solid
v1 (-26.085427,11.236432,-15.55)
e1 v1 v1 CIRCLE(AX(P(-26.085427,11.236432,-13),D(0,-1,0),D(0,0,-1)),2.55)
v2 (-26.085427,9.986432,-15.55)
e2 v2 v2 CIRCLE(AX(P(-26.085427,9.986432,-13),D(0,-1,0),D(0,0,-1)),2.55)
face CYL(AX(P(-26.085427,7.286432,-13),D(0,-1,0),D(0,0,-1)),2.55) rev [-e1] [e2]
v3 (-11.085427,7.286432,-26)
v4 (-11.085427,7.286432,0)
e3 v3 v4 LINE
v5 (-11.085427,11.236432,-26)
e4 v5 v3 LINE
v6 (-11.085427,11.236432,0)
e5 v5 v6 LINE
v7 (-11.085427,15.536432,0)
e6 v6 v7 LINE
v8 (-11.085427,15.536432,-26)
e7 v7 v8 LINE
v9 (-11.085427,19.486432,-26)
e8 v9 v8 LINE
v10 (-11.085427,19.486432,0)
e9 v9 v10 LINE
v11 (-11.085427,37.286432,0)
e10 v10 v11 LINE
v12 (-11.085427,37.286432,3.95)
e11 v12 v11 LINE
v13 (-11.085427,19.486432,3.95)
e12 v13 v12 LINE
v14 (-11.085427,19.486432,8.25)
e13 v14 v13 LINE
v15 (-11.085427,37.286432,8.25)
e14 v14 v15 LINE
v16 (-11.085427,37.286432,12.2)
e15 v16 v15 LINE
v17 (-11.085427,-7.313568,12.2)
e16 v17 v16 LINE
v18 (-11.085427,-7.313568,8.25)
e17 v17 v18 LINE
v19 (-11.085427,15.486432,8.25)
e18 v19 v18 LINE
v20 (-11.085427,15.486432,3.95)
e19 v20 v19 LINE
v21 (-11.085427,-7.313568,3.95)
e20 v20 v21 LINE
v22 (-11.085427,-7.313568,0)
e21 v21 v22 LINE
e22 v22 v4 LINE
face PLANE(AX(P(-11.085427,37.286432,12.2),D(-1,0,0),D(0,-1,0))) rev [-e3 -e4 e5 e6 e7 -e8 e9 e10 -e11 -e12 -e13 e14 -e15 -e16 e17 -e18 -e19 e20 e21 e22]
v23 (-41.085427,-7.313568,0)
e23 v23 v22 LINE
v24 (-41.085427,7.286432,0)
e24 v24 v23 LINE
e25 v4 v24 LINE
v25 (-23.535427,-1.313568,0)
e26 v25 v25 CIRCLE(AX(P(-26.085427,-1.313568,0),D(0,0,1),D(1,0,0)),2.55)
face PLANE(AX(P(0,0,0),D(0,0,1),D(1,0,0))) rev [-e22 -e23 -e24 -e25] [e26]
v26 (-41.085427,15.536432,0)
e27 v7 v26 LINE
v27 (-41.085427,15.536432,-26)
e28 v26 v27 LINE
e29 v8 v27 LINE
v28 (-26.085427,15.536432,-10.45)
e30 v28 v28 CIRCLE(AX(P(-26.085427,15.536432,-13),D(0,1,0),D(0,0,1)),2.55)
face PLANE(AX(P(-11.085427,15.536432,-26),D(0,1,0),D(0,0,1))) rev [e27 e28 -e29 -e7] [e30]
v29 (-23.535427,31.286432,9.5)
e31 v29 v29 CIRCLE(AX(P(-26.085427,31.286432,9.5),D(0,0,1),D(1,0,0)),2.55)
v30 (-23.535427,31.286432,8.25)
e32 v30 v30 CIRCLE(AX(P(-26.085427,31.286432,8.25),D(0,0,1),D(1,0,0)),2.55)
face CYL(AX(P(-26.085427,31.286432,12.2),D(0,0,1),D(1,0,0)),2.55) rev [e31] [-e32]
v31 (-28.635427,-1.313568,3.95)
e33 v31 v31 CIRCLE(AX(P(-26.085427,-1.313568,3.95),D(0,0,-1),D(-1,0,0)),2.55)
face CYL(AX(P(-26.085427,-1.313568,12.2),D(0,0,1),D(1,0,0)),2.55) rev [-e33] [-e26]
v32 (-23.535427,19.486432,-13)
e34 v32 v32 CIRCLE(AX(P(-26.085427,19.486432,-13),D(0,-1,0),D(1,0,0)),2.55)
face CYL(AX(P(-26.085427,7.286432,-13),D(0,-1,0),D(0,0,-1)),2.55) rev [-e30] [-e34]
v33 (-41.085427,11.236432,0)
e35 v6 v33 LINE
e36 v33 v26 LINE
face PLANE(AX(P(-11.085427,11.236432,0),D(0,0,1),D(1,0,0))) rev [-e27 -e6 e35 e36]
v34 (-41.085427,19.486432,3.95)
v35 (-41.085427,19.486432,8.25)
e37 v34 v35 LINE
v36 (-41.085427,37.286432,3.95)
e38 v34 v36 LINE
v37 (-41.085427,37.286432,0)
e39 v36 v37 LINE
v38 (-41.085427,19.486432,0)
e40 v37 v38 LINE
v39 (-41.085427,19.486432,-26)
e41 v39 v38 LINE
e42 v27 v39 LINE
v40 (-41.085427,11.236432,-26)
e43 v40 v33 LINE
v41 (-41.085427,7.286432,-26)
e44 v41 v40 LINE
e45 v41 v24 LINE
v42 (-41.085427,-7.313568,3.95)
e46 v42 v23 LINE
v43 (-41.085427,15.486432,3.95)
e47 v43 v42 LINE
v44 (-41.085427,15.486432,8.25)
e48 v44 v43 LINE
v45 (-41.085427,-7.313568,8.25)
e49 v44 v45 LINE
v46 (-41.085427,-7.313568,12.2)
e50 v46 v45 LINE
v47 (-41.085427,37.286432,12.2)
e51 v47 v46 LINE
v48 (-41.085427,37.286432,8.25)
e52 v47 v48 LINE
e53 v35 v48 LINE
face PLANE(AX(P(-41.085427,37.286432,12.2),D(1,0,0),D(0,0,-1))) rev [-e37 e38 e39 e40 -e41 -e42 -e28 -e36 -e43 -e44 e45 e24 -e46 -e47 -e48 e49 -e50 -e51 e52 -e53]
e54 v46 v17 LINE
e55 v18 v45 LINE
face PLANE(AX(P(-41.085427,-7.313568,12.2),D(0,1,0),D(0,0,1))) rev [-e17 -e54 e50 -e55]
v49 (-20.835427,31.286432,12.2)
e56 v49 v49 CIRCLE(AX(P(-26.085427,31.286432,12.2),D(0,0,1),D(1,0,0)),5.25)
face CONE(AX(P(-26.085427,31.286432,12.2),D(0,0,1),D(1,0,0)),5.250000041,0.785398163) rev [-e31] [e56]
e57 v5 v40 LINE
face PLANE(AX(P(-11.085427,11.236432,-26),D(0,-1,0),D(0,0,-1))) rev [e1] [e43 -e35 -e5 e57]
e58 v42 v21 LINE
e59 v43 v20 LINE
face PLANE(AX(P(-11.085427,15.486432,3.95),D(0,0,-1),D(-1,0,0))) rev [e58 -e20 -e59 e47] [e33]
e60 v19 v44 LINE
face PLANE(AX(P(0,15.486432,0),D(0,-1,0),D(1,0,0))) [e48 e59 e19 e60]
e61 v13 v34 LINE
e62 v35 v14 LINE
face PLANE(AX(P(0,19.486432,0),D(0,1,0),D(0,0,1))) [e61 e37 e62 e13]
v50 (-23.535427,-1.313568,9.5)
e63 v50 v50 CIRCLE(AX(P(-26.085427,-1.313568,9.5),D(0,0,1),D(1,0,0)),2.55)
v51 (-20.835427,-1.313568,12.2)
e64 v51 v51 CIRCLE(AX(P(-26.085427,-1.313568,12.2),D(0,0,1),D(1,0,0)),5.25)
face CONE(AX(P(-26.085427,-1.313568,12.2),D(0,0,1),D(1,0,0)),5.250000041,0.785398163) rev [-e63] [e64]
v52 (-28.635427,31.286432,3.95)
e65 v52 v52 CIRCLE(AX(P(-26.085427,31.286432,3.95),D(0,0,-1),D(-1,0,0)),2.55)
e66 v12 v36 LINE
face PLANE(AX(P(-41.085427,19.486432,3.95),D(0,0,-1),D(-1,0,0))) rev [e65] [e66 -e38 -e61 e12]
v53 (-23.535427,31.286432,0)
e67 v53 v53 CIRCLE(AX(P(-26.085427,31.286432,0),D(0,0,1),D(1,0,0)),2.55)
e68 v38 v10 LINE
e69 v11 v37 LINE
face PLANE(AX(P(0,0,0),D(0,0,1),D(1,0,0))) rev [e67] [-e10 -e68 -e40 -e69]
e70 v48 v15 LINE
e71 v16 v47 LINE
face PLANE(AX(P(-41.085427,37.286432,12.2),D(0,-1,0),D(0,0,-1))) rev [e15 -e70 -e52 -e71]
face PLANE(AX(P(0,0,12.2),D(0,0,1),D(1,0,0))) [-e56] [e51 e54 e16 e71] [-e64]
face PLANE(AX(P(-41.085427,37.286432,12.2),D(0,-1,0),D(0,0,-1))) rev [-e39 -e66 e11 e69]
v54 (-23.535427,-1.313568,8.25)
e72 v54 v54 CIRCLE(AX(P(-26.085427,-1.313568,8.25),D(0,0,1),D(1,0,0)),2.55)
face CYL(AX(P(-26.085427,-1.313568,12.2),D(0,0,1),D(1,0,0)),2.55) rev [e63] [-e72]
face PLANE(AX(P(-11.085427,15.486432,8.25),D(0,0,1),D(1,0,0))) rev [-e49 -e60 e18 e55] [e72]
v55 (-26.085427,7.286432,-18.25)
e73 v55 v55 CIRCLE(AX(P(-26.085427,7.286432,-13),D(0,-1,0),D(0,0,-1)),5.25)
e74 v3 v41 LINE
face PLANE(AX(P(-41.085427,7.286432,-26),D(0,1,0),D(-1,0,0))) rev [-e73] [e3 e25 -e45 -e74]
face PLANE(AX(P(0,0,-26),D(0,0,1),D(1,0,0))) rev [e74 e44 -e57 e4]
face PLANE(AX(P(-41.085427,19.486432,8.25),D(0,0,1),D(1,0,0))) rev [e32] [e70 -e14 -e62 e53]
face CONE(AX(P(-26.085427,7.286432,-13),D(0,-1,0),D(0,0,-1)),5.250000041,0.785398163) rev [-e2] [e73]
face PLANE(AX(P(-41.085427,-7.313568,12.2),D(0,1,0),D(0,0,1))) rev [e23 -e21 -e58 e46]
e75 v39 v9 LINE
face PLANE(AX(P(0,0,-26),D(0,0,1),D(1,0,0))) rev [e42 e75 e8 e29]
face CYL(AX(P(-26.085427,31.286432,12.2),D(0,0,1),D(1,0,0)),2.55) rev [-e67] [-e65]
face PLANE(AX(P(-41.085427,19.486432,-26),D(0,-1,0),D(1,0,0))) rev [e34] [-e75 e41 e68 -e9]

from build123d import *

# Parameters (mm, degrees)
ESQUISSE1_W                                       = 30
ESQUISSE1_H                                       = 44.6
BOSS_EXTRU_1_DEPTH                                = 12.2
ESQUISSE2_W                                       = 30
ESQUISSE2_H                                       = 4.3
ENL_V_MAT_EXTRU_1_DEPTH                           = 17.8
ESQUISSE3_W                                       = 30
ESQUISSE3_H                                       = 4.3
ENL_V_MAT_EXTRU_2_DEPTH                           = 22.8
FRAISAGE_POUR_VIS_T_TE_FRAIS_E_BOMB_E_D           = 5.09999996
FRAISAGE_POUR_VIS_T_TE_FRAIS_E_BOMB_E_CSINK_D     = 10.500000082
FRAISAGE_POUR_VIS_T_TE_FRAIS_E_BOMB_E_CSINK_ANGLE = 90
ESQUISSE6_W                                       = 30
ESQUISSE6_H                                       = 12.2
BOSS_EXTRU_2_DEPTH                                = 26
ESQUISSE7_W                                       = 26
ESQUISSE7_H                                       = 4.3
ENL_V_MAT_EXTRU_3_DEPTH                           = 31
FRAISAGE_POUR_VIS_T_TE_FRAIS_E_BOM_2_D            = 5.09999996
FRAISAGE_POUR_VIS_T_TE_FRAIS_E_BOM_2_CSINK_D      = 10.500000082
FRAISAGE_POUR_VIS_T_TE_FRAIS_E_BOM_2_CSINK_ANGLE  = 90


with BuildPart() as part:
    # Esquisse1 → Boss.-Extru.1 (new body)
    with BuildSketch(Plane.XY):
        with Locations((-26.085427136, 14.986432161)):
            Rectangle(ESQUISSE1_W, ESQUISSE1_H)
    extrude(amount=BOSS_EXTRU_1_DEPTH)

    # Esquisse2 → Enlèv. mat.-Extru.1 (cut)
    with BuildSketch(Plane(origin=(0, 37.286432161, 0), x_dir=(1, 0, 0), z_dir=(0, 1, 0))):
        with Locations((-26.085427136, -6.1)):
            Rectangle(ESQUISSE2_W, ESQUISSE2_H)
    extrude(amount=-ENL_V_MAT_EXTRU_1_DEPTH, mode=Mode.SUBTRACT)

    # Esquisse3 → Enlèv. mat.-Extru.2 (cut)
    with BuildSketch(Plane.XZ.offset(7.313567839)):
        with Locations((-26.085427136, 6.1)):
            Rectangle(ESQUISSE3_W, ESQUISSE3_H)
    extrude(amount=-ENL_V_MAT_EXTRU_2_DEPTH, mode=Mode.SUBTRACT)

    # Fraisage pour vis _ t_te frais_e bomb_e (through all)
    with Locations(Plane(origin=(-26.085427136, -1.313567839, 12.2), x_dir=(1, 0, 0), z_dir=(0, 0, 1))):
        with Locations((0, 0), (0, 32.6)):
            CounterSinkHole(FRAISAGE_POUR_VIS_T_TE_FRAIS_E_BOMB_E_D / 2, FRAISAGE_POUR_VIS_T_TE_FRAIS_E_BOMB_E_CSINK_D / 2, counter_sink_angle=FRAISAGE_POUR_VIS_T_TE_FRAIS_E_BOMB_E_CSINK_ANGLE)

    # Esquisse6 → Boss.-Extru.2 (add)
    with BuildSketch(Plane(origin=(0, 0, 0), x_dir=(-1, 0, 0), z_dir=(0, 0, -1))):
        with Locations((26.085427136, 13.386432161)):
            Rectangle(ESQUISSE6_W, ESQUISSE6_H)
    extrude(amount=BOSS_EXTRU_2_DEPTH)

    # Esquisse7 → Enlèv. mat.-Extru.3 (cut, through all)
    with BuildSketch(Plane.ZY.offset(41.085427136)):
        with Locations((-13, 13.386432161)):
            Rectangle(ESQUISSE7_W, ESQUISSE7_H)
    extrude(amount=-ENL_V_MAT_EXTRU_3_DEPTH, mode=Mode.SUBTRACT)

    # Fraisage pour vis _ t_te frais_e bom 2 (through all)
    with Locations(Plane(origin=(-26.085427136, 7.286432161, -13), x_dir=(-1, 0, 0), z_dir=(0, -1, 0))):
        with Locations((0, 0)):
            CounterSinkHole(FRAISAGE_POUR_VIS_T_TE_FRAIS_E_BOM_2_D / 2, FRAISAGE_POUR_VIS_T_TE_FRAIS_E_BOM_2_CSINK_D / 2, counter_sink_angle=FRAISAGE_POUR_VIS_T_TE_FRAIS_E_BOM_2_CSINK_ANGLE)


solid = part.part
